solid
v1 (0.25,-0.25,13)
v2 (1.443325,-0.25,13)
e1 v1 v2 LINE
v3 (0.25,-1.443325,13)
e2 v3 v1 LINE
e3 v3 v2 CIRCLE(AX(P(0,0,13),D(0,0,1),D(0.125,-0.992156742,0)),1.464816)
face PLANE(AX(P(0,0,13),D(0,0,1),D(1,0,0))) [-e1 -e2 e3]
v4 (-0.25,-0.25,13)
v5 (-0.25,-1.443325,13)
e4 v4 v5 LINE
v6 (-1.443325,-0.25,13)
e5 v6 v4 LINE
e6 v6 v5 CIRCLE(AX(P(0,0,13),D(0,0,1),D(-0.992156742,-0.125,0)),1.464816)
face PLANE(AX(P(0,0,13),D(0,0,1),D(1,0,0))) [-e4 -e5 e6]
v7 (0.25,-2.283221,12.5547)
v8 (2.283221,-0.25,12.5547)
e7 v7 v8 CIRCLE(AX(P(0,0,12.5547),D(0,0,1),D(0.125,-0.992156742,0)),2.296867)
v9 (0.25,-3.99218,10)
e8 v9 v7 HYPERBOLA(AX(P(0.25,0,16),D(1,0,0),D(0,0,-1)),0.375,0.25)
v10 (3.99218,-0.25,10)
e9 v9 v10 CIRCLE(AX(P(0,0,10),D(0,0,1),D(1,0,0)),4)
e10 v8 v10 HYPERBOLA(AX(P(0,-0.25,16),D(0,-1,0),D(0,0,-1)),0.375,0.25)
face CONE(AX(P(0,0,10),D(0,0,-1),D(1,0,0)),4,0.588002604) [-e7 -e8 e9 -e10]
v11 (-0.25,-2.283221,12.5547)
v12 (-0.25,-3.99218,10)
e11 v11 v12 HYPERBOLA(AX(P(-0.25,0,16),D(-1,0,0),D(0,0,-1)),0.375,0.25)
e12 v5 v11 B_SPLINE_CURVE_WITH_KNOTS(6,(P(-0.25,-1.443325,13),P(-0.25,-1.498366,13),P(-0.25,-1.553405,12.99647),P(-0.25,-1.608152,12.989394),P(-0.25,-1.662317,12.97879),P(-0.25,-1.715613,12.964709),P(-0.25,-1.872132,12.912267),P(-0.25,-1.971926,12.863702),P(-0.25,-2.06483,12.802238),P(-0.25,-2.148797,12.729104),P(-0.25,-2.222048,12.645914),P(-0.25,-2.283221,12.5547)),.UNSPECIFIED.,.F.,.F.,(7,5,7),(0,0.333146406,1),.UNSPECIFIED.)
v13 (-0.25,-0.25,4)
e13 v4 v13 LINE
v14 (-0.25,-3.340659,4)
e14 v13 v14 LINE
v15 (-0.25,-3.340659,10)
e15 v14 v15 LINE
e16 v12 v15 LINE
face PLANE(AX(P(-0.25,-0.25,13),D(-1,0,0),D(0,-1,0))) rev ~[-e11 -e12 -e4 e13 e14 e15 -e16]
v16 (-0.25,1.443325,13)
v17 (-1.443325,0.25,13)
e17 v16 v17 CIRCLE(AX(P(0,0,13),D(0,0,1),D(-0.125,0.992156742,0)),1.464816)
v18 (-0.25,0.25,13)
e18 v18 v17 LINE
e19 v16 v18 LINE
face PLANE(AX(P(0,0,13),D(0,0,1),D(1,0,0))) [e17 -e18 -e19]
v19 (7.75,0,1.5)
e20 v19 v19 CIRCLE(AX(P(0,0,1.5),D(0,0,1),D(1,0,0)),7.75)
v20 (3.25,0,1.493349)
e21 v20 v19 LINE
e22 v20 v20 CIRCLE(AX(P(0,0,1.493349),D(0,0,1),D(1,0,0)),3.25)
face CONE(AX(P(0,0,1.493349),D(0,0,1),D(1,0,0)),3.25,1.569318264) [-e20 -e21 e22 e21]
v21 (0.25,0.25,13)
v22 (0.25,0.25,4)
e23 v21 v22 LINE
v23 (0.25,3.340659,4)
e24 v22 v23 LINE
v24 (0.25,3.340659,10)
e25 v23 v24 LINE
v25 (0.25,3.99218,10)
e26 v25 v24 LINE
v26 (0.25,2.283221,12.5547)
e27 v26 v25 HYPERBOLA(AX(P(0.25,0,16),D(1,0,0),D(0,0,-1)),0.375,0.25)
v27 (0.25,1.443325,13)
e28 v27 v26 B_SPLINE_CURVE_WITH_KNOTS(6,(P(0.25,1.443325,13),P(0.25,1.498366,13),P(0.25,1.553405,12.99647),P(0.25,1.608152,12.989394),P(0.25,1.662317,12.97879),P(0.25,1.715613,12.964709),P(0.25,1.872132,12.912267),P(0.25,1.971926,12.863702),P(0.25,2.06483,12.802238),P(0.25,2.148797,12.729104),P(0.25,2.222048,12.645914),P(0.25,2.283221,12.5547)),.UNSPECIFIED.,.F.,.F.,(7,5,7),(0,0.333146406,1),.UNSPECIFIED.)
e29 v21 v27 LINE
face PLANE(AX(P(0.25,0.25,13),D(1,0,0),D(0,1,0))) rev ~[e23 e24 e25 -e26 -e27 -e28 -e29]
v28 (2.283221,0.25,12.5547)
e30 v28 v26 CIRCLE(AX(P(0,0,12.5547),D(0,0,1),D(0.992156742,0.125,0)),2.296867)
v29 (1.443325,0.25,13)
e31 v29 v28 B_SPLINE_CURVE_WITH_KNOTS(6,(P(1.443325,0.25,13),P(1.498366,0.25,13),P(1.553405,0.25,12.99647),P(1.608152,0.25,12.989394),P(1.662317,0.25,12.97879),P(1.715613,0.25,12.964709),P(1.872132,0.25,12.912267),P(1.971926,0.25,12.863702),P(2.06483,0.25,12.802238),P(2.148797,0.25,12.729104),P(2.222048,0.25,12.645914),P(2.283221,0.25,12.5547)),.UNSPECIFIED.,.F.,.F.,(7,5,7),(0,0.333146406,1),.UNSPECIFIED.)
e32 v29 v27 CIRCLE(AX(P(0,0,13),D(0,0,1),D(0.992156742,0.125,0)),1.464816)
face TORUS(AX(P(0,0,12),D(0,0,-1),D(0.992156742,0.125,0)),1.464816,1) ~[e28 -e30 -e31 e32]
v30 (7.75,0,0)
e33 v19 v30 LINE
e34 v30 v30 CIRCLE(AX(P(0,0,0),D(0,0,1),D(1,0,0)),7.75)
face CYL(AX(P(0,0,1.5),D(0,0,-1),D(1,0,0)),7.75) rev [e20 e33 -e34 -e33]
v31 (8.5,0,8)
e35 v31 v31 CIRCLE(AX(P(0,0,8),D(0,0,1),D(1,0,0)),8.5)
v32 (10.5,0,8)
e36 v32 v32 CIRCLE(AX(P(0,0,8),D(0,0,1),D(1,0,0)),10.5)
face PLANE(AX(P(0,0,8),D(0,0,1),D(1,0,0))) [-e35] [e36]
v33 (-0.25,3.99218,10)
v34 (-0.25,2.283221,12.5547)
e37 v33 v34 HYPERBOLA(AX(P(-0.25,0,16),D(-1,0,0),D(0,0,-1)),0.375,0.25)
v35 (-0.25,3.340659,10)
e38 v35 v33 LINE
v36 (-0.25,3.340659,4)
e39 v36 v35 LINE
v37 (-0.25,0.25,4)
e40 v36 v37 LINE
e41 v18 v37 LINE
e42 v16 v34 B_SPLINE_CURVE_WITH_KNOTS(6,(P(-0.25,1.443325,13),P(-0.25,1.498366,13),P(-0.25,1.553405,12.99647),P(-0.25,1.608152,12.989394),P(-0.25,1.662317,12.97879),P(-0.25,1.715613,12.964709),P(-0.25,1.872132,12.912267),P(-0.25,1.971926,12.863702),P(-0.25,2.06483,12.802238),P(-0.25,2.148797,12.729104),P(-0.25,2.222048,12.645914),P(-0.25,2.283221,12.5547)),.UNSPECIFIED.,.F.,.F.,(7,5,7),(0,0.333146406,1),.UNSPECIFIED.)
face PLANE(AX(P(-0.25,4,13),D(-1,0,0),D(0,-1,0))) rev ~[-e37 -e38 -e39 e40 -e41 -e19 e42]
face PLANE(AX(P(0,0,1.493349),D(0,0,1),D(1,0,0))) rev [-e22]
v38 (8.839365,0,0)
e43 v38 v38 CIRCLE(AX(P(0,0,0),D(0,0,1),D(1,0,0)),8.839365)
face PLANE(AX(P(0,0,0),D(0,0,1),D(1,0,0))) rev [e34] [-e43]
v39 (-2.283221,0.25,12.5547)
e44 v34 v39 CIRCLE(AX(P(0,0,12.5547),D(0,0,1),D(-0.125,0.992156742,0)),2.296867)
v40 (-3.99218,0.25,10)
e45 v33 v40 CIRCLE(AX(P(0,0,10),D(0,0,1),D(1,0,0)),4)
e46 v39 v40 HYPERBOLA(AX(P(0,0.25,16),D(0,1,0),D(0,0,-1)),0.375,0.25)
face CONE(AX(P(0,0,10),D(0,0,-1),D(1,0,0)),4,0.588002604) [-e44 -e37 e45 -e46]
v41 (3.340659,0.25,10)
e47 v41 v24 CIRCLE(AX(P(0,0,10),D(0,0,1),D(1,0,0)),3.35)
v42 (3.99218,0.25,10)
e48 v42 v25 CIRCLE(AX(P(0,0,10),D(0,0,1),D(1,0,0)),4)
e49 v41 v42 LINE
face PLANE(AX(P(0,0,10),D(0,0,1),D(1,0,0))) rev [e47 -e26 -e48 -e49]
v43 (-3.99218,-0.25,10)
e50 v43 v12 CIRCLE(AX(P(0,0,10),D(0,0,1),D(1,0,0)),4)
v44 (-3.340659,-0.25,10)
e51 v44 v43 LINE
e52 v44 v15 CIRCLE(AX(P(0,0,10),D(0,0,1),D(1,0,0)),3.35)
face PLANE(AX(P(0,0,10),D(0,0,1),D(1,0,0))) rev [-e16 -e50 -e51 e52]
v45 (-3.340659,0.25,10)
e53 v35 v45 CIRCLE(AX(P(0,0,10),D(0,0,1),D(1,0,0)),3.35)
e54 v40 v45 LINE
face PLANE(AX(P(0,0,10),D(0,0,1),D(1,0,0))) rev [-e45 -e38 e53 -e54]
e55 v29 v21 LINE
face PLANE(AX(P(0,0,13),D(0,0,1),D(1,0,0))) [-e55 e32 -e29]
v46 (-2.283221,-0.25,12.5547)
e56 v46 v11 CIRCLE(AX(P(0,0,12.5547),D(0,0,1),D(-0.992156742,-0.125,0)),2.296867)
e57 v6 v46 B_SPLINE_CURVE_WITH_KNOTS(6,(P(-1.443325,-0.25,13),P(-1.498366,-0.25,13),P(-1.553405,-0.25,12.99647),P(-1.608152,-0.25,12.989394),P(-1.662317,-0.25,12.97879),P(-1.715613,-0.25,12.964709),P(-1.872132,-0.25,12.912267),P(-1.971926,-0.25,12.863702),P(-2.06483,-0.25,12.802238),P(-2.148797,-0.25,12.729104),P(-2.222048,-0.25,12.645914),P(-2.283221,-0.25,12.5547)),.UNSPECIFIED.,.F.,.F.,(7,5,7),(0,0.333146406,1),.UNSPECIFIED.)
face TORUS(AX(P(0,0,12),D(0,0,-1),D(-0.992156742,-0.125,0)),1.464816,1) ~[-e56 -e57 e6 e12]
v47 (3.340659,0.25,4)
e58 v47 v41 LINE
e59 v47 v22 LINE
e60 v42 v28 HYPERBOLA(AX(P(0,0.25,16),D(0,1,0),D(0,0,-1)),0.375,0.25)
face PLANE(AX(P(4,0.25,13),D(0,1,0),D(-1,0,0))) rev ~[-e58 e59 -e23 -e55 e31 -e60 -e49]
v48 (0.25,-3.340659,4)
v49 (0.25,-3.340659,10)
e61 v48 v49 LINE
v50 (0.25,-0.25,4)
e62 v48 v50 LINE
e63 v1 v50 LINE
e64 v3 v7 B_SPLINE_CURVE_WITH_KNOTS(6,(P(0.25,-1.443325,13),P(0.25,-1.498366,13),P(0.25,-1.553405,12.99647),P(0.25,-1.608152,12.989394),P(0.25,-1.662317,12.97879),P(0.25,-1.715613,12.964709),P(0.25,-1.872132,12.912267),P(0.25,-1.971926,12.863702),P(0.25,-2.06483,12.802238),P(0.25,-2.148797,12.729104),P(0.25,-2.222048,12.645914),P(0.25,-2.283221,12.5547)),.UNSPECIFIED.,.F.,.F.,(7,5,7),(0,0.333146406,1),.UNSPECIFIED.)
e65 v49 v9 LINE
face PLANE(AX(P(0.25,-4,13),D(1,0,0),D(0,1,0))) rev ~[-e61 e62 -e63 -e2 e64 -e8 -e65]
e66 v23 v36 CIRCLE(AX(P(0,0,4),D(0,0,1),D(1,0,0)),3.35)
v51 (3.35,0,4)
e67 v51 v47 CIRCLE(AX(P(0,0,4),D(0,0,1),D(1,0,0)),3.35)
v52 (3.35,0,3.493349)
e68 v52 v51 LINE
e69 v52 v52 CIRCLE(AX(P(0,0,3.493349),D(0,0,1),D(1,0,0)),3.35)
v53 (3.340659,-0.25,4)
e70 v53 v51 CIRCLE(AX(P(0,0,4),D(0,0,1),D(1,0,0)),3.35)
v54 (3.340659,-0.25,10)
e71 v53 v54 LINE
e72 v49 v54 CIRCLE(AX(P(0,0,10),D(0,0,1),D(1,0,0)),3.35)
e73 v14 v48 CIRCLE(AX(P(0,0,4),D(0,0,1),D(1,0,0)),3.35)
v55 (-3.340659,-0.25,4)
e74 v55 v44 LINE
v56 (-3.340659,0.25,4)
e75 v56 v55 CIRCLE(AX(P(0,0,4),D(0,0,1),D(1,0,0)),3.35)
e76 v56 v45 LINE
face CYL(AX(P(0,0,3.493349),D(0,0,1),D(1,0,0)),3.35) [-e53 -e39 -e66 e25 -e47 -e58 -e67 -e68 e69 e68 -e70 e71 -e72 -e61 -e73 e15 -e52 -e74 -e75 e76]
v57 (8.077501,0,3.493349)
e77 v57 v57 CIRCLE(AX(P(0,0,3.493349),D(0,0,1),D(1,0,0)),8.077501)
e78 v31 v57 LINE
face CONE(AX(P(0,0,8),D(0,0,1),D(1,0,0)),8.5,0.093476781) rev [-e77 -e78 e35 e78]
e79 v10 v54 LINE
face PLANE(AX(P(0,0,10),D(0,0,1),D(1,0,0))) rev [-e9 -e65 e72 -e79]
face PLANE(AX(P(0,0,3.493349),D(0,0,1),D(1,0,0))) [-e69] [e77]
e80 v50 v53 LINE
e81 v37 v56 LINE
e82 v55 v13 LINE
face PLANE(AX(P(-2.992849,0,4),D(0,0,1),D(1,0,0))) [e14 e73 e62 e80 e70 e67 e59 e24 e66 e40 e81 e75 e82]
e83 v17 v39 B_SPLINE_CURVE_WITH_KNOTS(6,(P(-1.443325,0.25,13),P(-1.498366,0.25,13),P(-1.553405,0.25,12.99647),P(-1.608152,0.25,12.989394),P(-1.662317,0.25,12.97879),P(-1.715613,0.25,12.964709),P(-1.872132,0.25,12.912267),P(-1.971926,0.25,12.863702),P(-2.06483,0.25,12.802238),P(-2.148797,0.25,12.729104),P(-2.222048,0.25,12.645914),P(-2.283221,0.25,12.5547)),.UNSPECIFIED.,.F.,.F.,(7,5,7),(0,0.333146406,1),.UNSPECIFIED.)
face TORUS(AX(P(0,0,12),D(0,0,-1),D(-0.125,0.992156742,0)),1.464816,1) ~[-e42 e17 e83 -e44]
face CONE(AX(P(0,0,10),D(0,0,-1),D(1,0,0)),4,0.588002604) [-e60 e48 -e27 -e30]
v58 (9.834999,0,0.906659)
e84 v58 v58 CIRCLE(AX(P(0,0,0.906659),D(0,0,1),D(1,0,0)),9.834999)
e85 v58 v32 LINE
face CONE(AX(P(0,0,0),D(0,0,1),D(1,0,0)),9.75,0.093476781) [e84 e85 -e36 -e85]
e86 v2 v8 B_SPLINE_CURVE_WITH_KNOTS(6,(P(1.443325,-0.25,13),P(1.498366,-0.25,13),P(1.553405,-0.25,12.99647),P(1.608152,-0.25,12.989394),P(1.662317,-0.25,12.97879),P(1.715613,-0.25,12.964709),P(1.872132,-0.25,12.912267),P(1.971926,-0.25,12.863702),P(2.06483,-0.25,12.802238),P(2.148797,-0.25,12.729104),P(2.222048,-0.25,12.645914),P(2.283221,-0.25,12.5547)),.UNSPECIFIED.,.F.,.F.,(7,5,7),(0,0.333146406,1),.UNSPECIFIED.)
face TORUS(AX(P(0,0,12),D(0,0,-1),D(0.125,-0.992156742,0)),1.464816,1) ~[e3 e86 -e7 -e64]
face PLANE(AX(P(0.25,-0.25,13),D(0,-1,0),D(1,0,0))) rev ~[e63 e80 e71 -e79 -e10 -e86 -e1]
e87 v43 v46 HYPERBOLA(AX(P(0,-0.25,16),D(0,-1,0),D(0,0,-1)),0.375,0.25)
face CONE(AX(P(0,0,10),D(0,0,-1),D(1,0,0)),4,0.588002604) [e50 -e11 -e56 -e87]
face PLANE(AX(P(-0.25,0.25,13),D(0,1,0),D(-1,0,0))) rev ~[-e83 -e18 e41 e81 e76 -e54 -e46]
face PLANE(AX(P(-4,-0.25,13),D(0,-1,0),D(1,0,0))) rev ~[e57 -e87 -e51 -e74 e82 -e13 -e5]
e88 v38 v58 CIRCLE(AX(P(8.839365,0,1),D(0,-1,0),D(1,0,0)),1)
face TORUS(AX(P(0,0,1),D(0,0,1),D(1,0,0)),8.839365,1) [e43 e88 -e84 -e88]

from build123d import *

# Parameters (mm, degrees)
F2_W     = 0.5
F2_H     = 0.5
F3_DEPTH = 9
F4_R     = 1
F5_R     = 1


with BuildPart() as f1:
    # F0 (on Front) → F1 (revolve)
    with BuildSketch(Plane.XZ):
        Polygon((7.75, 0), (9.75, 0), (10.5, 8), (8.5, 8), (8.0775014419, 3.4933487132), (3.35, 3.4933487132), (3.35, 10), (4, 10), (2, 13), (0, 13), (0, 8), (0, 1.4933487132), (3.25, 1.4933487132), (7.75, 1.5), align=None)
    revolve(axis=Axis((0, 0, 4), (0, 0, 1)))

    # F2 (on face) → F3 (cut)
    with BuildSketch(Plane.XY.offset(13)):
        with BuildLine():
            ThreePointArc((-1.9843134833, -0.25), (-2, 0), (-1.9843134833, 0.25))
            Line((-1.9843134833, 0.25), (-4, 0.25))
            Line((-4, 0.25), (-4, -0.25))
            Line((-4, -0.25), (-1.9843134833, -0.25))
        make_face()
        with BuildLine():
            Line((-0.25, -0.25), (-0.25, 0.25))
            Line((-0.25, 0.25), (-1.9843134833, 0.25))
            ThreePointArc((-1.9843134833, 0.25), (-2, 0), (-1.9843134833, -0.25))
            Line((-1.9843134833, -0.25), (-0.25, -0.25))
        make_face()
        Rectangle(F2_W, F2_H)
        with BuildLine():
            Line((1.9843134833, 0.25), (0.25, 0.25))
            Line((0.25, 0.25), (0.25, -0.25))
            Line((0.25, -0.25), (1.9843134833, -0.25))
            ThreePointArc((1.9843134833, -0.25), (1.9960745185, -0.1252458251), (2, 0))
            ThreePointArc((2, 0), (1.9960745185, 0.1252458251), (1.9843134833, 0.25))
        make_face()
        with BuildLine():
            Line((4, 0.25), (1.9843134833, 0.25))
            ThreePointArc((1.9843134833, 0.25), (1.9960745185, 0.1252458251), (2, 0))
            ThreePointArc((2, 0), (1.9960745185, -0.1252458251), (1.9843134833, -0.25))
            Line((1.9843134833, -0.25), (4, -0.25))
            Line((4, -0.25), (4, 0.25))
        make_face()
        with BuildLine():
            Line((0.25, 1.9843134833), (0.25, 4))
            Line((0.25, 4), (-0.25, 4))
            Line((-0.25, 4), (-0.25, 1.9843134833))
            ThreePointArc((-0.25, 1.9843134833), (0, 2), (0.25, 1.9843134833))
        make_face()
        with BuildLine():
            Line((0.25, 0.25), (0.25, 1.9843134833))
            ThreePointArc((0.25, 1.9843134833), (0, 2), (-0.25, 1.9843134833))
            Line((-0.25, 1.9843134833), (-0.25, 0.25))
            Line((-0.25, 0.25), (0.25, 0.25))
        make_face()
        with BuildLine():
            Line((0.25, -1.9843134833), (0.25, -0.25))
            Line((0.25, -0.25), (-0.25, -0.25))
            Line((-0.25, -0.25), (-0.25, -1.9843134833))
            ThreePointArc((-0.25, -1.9843134833), (0, -2), (0.25, -1.9843134833))
        make_face()
        with BuildLine():
            Line((0.25, -4), (0.25, -1.9843134833))
            ThreePointArc((0.25, -1.9843134833), (0, -2), (-0.25, -1.9843134833))
            Line((-0.25, -1.9843134833), (-0.25, -4))
            Line((-0.25, -4), (0.25, -4))
        make_face()
    extrude(amount=-F3_DEPTH, mode=Mode.SUBTRACT)

    # F4
    f4_edges = [f1.edges().sort_by_distance(p)[0] for p in [
        (-9.75, 0, 0),
    ]]
    fillet(f4_edges, radius=F4_R)

    # F5
    f5_edges = [f1.edges().sort_by_distance(p)[0] for p in [
        (-1.414214, -1.414214, 13),
        (1.414214, -1.414214, 13),
        (1.414214, 1.414214, 13),
        (-1.414214, 1.414214, 13),
    ]]
    fillet(f5_edges, radius=F5_R)


solid = f1.part
